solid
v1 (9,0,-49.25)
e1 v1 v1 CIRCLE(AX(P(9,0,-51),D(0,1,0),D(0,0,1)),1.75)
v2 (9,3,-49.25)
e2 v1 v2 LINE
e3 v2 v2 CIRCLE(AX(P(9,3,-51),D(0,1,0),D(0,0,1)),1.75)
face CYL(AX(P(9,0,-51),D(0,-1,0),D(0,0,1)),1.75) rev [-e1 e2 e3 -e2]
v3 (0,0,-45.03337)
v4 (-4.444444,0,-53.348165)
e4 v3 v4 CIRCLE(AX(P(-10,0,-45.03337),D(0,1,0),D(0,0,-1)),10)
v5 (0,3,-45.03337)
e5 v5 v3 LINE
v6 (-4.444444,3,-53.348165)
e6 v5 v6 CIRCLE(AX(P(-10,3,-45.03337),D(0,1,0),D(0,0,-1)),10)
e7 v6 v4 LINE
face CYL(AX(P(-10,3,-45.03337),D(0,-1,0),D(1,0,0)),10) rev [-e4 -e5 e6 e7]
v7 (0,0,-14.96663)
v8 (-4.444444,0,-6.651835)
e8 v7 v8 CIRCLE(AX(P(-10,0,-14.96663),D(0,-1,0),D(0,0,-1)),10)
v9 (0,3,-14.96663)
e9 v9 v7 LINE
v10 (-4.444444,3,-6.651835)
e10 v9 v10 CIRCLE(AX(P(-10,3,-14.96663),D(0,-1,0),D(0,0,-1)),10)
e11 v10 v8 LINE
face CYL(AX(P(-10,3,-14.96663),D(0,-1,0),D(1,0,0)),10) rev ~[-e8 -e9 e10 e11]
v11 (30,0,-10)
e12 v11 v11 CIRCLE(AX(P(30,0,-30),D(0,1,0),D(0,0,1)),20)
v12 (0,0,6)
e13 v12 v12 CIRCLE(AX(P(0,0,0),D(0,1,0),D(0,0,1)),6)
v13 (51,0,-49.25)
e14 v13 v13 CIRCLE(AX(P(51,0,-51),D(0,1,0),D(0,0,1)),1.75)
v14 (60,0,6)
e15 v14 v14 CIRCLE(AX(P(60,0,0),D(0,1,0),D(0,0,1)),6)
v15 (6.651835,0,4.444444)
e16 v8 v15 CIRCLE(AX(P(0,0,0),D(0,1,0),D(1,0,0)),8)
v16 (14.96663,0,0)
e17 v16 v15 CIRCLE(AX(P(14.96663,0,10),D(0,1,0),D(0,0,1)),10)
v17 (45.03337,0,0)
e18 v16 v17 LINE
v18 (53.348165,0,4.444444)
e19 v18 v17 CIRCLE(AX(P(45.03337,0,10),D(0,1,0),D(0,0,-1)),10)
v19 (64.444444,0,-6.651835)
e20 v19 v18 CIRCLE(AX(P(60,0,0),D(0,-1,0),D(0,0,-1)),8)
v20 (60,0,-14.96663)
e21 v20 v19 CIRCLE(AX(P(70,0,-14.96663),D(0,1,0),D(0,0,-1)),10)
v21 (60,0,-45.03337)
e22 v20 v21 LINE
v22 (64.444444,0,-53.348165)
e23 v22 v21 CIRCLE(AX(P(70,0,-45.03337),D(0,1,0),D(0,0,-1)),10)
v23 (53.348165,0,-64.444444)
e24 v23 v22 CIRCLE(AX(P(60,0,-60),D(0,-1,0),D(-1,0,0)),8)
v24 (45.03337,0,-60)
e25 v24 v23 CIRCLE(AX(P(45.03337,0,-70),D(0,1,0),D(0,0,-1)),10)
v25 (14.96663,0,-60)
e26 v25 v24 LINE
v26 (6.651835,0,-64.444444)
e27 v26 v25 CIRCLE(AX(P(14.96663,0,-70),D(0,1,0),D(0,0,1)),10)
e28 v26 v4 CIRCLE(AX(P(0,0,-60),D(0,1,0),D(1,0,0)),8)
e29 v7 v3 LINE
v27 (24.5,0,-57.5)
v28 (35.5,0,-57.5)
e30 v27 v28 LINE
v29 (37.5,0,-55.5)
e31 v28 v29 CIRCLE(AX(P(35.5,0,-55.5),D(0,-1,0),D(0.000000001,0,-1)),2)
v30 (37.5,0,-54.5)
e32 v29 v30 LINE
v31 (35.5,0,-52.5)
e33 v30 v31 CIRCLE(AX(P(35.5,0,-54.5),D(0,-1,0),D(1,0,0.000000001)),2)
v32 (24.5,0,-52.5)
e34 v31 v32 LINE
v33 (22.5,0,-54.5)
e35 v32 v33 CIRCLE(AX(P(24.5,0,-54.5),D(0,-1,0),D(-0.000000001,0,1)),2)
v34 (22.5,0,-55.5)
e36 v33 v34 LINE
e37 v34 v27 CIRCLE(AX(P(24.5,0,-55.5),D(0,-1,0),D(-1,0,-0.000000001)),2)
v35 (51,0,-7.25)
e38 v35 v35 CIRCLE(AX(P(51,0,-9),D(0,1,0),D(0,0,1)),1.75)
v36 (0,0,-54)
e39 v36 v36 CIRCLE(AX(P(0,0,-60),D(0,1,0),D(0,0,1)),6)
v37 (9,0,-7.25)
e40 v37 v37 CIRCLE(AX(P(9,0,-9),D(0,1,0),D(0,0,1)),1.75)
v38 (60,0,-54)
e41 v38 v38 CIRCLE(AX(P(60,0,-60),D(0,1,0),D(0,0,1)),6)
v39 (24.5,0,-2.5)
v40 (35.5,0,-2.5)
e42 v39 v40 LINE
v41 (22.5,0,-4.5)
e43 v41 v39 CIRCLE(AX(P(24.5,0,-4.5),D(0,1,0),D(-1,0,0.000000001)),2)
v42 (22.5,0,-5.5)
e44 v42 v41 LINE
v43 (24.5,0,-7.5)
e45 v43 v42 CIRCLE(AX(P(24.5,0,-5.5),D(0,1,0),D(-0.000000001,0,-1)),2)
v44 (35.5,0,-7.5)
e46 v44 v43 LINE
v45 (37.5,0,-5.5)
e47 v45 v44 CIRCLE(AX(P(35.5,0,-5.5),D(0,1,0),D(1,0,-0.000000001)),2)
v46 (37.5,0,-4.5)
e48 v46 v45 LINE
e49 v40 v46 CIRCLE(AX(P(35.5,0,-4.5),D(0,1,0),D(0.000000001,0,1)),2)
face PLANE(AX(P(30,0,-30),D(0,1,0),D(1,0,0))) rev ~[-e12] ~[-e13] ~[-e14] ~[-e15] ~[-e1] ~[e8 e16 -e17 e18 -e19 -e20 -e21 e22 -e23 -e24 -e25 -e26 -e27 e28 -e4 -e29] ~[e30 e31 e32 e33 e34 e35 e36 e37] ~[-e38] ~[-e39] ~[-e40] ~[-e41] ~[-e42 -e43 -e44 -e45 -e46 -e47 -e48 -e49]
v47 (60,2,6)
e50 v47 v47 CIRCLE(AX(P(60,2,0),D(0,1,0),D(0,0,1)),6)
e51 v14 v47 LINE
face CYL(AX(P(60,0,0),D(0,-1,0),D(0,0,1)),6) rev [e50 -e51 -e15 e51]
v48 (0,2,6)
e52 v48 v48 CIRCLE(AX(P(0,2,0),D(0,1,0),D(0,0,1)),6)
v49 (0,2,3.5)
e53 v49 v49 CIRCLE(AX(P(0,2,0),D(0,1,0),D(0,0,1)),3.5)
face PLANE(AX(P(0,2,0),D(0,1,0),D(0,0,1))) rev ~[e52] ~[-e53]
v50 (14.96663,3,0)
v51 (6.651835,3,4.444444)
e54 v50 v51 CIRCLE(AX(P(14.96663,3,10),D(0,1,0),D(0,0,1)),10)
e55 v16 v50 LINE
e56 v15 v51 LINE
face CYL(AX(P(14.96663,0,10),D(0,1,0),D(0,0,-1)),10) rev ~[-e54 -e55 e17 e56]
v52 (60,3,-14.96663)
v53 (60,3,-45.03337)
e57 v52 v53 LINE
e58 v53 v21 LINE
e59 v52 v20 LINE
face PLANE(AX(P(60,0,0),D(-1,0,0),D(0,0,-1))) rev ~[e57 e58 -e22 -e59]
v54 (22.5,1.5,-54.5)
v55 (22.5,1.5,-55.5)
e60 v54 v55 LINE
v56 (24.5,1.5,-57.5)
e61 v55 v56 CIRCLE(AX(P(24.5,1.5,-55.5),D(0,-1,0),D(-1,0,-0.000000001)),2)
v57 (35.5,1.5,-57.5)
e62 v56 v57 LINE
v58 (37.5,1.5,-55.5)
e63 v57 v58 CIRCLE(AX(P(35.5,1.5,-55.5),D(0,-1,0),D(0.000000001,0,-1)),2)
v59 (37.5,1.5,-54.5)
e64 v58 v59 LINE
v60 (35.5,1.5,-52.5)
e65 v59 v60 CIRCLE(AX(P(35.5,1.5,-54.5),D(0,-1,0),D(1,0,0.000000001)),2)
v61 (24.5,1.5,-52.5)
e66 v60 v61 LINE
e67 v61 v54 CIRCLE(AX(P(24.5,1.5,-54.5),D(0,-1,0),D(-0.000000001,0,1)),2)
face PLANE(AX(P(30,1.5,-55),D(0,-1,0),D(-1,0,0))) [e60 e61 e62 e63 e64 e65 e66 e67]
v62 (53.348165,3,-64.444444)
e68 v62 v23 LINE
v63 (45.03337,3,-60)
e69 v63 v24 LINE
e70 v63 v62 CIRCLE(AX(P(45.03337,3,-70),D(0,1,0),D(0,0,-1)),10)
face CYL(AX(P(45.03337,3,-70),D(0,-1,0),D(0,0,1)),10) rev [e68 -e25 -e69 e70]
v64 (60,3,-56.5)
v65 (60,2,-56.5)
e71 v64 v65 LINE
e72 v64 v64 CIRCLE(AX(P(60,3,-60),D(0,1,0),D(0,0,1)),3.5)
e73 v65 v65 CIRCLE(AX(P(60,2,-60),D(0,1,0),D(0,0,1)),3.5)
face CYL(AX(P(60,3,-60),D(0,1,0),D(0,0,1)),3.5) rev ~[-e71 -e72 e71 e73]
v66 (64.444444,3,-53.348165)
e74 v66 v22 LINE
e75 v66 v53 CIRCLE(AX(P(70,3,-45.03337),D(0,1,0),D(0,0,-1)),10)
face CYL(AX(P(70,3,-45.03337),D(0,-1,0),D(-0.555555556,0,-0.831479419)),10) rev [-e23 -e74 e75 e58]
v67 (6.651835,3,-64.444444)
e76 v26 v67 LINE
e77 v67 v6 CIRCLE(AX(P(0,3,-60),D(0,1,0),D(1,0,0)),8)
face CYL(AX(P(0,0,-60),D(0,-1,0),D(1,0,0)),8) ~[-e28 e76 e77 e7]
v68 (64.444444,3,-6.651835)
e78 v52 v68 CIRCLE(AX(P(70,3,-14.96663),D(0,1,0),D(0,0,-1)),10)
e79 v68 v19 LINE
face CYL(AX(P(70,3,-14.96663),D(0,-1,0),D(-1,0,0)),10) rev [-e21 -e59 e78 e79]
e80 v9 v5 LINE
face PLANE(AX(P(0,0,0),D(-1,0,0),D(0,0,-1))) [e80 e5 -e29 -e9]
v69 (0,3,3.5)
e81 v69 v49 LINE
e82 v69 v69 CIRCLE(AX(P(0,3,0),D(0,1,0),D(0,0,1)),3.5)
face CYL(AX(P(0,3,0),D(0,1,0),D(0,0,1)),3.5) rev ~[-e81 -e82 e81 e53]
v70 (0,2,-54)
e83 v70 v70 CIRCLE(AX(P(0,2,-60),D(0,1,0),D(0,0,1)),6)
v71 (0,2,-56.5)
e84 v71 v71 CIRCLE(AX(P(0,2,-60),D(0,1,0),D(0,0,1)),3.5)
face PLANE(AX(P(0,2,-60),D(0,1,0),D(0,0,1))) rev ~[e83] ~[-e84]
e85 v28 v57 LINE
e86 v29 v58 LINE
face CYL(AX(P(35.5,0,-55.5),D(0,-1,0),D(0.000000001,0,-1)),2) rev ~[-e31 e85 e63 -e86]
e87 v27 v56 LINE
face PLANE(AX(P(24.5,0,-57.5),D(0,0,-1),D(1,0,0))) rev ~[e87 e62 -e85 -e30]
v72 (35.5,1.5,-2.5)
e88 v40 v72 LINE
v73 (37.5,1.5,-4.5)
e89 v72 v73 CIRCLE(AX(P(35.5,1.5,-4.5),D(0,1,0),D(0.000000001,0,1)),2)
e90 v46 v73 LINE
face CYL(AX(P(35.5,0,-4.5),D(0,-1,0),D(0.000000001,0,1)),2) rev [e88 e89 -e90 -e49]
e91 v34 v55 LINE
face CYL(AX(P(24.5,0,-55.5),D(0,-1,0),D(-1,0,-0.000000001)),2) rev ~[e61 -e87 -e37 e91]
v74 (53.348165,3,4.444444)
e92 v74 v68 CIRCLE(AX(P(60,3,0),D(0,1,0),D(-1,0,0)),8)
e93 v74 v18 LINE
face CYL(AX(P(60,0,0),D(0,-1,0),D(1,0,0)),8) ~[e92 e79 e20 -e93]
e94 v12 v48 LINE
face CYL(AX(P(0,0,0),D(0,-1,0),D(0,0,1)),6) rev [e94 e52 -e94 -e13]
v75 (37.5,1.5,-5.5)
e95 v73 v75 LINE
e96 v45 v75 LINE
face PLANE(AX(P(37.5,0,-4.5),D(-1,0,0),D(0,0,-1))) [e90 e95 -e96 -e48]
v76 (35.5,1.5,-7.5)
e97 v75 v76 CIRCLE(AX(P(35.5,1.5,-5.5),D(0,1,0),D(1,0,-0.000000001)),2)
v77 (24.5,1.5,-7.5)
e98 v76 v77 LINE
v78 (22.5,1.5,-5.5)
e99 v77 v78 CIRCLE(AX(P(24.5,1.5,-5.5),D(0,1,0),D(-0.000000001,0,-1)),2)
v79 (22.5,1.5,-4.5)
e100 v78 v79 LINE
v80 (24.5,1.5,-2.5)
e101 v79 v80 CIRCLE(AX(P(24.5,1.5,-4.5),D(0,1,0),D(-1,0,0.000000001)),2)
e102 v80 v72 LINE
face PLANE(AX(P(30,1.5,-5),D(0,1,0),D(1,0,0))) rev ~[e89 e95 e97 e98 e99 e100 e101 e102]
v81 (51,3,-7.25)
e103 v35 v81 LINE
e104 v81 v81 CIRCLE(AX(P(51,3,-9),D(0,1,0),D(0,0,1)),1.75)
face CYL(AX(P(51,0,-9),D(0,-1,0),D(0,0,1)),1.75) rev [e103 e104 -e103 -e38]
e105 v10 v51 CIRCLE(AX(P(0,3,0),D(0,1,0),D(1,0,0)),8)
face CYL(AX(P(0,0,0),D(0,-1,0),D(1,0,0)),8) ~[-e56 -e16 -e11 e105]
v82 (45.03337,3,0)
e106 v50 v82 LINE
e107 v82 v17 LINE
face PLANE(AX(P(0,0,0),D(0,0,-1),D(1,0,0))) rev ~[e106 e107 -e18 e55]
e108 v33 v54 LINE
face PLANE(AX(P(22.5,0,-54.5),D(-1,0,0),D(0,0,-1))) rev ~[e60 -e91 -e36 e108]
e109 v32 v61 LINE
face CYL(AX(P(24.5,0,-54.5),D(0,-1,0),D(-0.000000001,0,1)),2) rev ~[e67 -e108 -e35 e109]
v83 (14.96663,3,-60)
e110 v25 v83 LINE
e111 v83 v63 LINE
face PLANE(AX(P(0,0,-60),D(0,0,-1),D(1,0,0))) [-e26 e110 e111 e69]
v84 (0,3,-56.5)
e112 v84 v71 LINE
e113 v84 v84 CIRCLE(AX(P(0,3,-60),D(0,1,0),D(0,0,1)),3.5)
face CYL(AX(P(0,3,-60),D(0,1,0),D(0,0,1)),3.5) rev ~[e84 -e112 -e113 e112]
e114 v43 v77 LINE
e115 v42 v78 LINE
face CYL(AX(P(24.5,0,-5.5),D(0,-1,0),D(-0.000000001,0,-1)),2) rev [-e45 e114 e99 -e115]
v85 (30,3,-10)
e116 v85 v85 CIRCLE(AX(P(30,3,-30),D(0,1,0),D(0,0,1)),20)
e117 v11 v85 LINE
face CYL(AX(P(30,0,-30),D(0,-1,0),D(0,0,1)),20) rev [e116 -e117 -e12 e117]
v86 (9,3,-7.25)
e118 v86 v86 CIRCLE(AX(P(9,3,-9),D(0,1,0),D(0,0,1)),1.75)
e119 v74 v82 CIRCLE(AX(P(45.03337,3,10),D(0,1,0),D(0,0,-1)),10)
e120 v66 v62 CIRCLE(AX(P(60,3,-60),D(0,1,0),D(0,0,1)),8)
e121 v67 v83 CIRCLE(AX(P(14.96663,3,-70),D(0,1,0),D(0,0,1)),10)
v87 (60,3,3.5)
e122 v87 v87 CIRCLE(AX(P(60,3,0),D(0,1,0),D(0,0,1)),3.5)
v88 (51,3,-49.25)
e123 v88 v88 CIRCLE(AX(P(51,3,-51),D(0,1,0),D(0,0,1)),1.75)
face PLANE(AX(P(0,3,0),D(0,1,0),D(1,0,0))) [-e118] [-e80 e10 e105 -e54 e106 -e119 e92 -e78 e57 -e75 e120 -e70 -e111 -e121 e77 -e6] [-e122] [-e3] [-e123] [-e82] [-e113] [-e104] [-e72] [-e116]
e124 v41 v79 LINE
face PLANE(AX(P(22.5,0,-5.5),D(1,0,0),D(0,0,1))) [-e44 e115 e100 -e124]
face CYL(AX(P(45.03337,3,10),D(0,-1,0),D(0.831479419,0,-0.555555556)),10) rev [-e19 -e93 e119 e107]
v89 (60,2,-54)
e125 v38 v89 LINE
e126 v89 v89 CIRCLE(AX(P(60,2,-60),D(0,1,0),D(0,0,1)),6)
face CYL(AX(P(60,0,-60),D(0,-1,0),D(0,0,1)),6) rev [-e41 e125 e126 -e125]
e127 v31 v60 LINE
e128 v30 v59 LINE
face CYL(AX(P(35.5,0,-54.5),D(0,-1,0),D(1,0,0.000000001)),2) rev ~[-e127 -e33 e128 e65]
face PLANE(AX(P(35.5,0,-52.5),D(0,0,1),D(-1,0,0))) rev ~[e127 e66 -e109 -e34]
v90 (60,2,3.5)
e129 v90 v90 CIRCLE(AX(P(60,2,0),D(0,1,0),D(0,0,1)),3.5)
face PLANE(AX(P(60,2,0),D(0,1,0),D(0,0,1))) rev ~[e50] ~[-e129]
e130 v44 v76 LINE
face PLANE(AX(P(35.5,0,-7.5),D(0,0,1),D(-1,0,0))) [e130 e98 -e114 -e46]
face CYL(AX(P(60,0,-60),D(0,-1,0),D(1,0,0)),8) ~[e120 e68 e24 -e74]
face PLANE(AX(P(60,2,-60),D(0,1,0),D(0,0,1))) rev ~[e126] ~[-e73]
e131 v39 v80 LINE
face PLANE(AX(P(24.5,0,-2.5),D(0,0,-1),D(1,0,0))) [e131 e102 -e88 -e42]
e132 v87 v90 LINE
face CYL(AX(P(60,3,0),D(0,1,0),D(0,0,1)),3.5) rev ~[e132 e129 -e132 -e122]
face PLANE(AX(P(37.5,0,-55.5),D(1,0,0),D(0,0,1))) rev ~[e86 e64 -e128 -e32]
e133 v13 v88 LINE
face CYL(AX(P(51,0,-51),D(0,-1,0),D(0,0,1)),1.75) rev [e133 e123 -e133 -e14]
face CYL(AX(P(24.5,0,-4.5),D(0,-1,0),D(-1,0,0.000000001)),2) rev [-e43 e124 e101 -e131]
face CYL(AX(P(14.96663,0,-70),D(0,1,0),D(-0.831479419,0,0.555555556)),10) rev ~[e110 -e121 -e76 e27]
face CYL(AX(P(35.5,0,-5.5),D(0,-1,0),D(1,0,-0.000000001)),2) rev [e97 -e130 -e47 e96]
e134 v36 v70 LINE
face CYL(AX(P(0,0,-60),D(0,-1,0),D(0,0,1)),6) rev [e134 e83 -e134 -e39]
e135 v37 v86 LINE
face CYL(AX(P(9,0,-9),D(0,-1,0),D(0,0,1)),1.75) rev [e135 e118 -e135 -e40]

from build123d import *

# Parameters (mm, degrees)
SKETCH_1_R          = 8
SKETCH_1_W          = 60
SKETCH_1_H          = 60
SKETCH_1_R_2        = 20
SKETCH_1_R_3        = 1.75
EXTRUDE_1_DEPTH     = 3
FILLET_1_R          = 10
CUT_EXTRUDE_START   = -3
SKETCH_2_R          = 6
CUT_EXTRUDE_1_DEPTH = 2
SKETCH_2_3_R        = 3.5
CUT_EXTRUDE_3_DEPTH = 97.213304693
CUT_EXTRUDE_6_DEPTH = 1.5


with BuildPart() as part:
    # Эскиз1 → Бобышка-Вытянуть1 (new body)
    # profile 1 of 5: a face of its own
    with BuildSketch(Plane(origin=(0, 0, 0), x_dir=(1, 0, 0), z_dir=(0, 1, 0))):
        with Locations((60, 60)):
            Circle(SKETCH_1_R)
    # profile 2 of 5: a face of its own
    with BuildSketch(Plane(origin=(0, 0, 0), x_dir=(1, 0, 0), z_dir=(0, 1, 0))):
        with Locations((0, 60)):
            Circle(SKETCH_1_R)
    # profile 3 of 5: a face of its own
    with BuildSketch(Plane(origin=(0, 0, 0), x_dir=(1, 0, 0), z_dir=(0, 1, 0))):
        with Locations((60, 0)):
            Circle(SKETCH_1_R)
    # profile 4 of 5: a face of its own
    with BuildSketch(Plane(origin=(0, 0, 0), x_dir=(1, 0, 0), z_dir=(0, 1, 0))):
        Circle(SKETCH_1_R)
    # profile 5 of 5: a face of its own
    with BuildSketch(Plane(origin=(0, 0, 0), x_dir=(1, 0, 0), z_dir=(0, 1, 0))):
        with Locations((30, 30)):
            Rectangle(SKETCH_1_W, SKETCH_1_H)
        with Locations(Location((30, 30, 0), (0, 0, 270))):
            Circle(SKETCH_1_R_2, mode=Mode.SUBTRACT)
        with Locations(Location((9, 51, 0), (0, 0, 270))):
            Circle(SKETCH_1_R_3, mode=Mode.SUBTRACT)
        with Locations(Location((51, 51, 0), (0, 0, 270))):
            Circle(SKETCH_1_R_3, mode=Mode.SUBTRACT)
        with Locations(Location((51, 9, 0), (0, 0, 270))):
            Circle(SKETCH_1_R_3, mode=Mode.SUBTRACT)
        with Locations(Location((9, 9, 0), (0, 0, 270))):
            Circle(SKETCH_1_R_3, mode=Mode.SUBTRACT)
    extrude(amount=EXTRUDE_1_DEPTH)

    # Скругление1
    fillet_1_edges = [part.edges().sort_by_distance(p)[0] for p in [
        (0, 1.5, -8),
        (0, 1.5, -52),
        (8, 1.5, -60),
        (52, 1.5, -60),
        (60, 1.5, -52),
        (60, 1.5, -8),
        (52, 1.5, 0),
        (8, 1.5, 0),
    ]]
    fillet(fillet_1_edges, radius=FILLET_1_R)

    # Эскиз2 → Вырез-Вытянуть1 (cut)
    with BuildSketch(Plane(origin=(0, 3, 0), x_dir=(1, 0, 0), z_dir=(0, 1, 0)).offset(CUT_EXTRUDE_START)):
        with Locations(Location((0, 60, 0), (0, 0, 270))):
            Circle(SKETCH_2_R)
        with Locations(Location((60, 60, 0), (0, 0, 270))):
            Circle(SKETCH_2_R)
        with Locations(Location((60, 0, 0), (0, 0, 270))):
            Circle(SKETCH_2_R)
        with Locations(Location((0, 0, 0), (0, 0, 270))):
            Circle(SKETCH_2_R)
    extrude(amount=CUT_EXTRUDE_1_DEPTH, mode=Mode.SUBTRACT)

    # Эскиз2<3> → Вырез-Вытянуть3 (cut, through all)
    with BuildSketch(Plane(origin=(0, 3, 0), x_dir=(1, 0, 0), z_dir=(0, 1, 0))):
        with Locations(Location((0, 0, 0), (0, 0, 270))):
            Circle(SKETCH_2_3_R)
        with Locations(Location((0, 60, 0), (0, 0, 270))):
            Circle(SKETCH_2_3_R)
        with Locations(Location((60, 60, 0), (0, 0, 270))):
            Circle(SKETCH_2_3_R)
        with Locations(Location((60, 0, 0), (0, 0, 270))):
            Circle(SKETCH_2_3_R)
    extrude(amount=-CUT_EXTRUDE_3_DEPTH, mode=Mode.SUBTRACT)

    # Эскиз5 → Вырез-Вытянуть6 (cut)
    with BuildSketch(Plane(origin=(0, 3, 0), x_dir=(1, 0, 0), z_dir=(0, 1, 0)).offset(CUT_EXTRUDE_START)):
        with BuildLine():
            Line((24.5, 57.5), (35.5, 57.5))
            ThreePointArc((35.5, 57.5), (36.914213562, 56.914213562), (37.5, 55.5))
            Line((37.5, 55.5), (37.5, 54.5))
            ThreePointArc((37.5, 54.5), (36.914213562, 53.085786438), (35.5, 52.5))
            Line((35.5, 52.5), (24.5, 52.5))
            ThreePointArc((24.5, 52.5), (23.085786438, 53.085786438), (22.5, 54.5))
            Line((22.5, 54.5), (22.5, 55.5))
            ThreePointArc((22.5, 55.5), (23.085786438, 56.914213562), (24.5, 57.5))
        make_face()
        with BuildLine():
            Line((37.5, 4.5), (37.5, 5.5))
            ThreePointArc((37.5, 5.5), (36.914213562, 6.914213562), (35.5, 7.5))
            Line((35.5, 7.5), (24.5, 7.5))
            ThreePointArc((24.5, 7.5), (23.085786438, 6.914213562), (22.5, 5.5))
            Line((22.5, 5.5), (22.5, 4.5))
            ThreePointArc((22.5, 4.5), (23.085786438, 3.085786438), (24.5, 2.5))
            Line((24.5, 2.5), (35.5, 2.5))
            ThreePointArc((35.5, 2.5), (36.914213562, 3.085786438), (37.5, 4.5))
        make_face()
    extrude(amount=CUT_EXTRUDE_6_DEPTH, mode=Mode.SUBTRACT)


solid = part.part
